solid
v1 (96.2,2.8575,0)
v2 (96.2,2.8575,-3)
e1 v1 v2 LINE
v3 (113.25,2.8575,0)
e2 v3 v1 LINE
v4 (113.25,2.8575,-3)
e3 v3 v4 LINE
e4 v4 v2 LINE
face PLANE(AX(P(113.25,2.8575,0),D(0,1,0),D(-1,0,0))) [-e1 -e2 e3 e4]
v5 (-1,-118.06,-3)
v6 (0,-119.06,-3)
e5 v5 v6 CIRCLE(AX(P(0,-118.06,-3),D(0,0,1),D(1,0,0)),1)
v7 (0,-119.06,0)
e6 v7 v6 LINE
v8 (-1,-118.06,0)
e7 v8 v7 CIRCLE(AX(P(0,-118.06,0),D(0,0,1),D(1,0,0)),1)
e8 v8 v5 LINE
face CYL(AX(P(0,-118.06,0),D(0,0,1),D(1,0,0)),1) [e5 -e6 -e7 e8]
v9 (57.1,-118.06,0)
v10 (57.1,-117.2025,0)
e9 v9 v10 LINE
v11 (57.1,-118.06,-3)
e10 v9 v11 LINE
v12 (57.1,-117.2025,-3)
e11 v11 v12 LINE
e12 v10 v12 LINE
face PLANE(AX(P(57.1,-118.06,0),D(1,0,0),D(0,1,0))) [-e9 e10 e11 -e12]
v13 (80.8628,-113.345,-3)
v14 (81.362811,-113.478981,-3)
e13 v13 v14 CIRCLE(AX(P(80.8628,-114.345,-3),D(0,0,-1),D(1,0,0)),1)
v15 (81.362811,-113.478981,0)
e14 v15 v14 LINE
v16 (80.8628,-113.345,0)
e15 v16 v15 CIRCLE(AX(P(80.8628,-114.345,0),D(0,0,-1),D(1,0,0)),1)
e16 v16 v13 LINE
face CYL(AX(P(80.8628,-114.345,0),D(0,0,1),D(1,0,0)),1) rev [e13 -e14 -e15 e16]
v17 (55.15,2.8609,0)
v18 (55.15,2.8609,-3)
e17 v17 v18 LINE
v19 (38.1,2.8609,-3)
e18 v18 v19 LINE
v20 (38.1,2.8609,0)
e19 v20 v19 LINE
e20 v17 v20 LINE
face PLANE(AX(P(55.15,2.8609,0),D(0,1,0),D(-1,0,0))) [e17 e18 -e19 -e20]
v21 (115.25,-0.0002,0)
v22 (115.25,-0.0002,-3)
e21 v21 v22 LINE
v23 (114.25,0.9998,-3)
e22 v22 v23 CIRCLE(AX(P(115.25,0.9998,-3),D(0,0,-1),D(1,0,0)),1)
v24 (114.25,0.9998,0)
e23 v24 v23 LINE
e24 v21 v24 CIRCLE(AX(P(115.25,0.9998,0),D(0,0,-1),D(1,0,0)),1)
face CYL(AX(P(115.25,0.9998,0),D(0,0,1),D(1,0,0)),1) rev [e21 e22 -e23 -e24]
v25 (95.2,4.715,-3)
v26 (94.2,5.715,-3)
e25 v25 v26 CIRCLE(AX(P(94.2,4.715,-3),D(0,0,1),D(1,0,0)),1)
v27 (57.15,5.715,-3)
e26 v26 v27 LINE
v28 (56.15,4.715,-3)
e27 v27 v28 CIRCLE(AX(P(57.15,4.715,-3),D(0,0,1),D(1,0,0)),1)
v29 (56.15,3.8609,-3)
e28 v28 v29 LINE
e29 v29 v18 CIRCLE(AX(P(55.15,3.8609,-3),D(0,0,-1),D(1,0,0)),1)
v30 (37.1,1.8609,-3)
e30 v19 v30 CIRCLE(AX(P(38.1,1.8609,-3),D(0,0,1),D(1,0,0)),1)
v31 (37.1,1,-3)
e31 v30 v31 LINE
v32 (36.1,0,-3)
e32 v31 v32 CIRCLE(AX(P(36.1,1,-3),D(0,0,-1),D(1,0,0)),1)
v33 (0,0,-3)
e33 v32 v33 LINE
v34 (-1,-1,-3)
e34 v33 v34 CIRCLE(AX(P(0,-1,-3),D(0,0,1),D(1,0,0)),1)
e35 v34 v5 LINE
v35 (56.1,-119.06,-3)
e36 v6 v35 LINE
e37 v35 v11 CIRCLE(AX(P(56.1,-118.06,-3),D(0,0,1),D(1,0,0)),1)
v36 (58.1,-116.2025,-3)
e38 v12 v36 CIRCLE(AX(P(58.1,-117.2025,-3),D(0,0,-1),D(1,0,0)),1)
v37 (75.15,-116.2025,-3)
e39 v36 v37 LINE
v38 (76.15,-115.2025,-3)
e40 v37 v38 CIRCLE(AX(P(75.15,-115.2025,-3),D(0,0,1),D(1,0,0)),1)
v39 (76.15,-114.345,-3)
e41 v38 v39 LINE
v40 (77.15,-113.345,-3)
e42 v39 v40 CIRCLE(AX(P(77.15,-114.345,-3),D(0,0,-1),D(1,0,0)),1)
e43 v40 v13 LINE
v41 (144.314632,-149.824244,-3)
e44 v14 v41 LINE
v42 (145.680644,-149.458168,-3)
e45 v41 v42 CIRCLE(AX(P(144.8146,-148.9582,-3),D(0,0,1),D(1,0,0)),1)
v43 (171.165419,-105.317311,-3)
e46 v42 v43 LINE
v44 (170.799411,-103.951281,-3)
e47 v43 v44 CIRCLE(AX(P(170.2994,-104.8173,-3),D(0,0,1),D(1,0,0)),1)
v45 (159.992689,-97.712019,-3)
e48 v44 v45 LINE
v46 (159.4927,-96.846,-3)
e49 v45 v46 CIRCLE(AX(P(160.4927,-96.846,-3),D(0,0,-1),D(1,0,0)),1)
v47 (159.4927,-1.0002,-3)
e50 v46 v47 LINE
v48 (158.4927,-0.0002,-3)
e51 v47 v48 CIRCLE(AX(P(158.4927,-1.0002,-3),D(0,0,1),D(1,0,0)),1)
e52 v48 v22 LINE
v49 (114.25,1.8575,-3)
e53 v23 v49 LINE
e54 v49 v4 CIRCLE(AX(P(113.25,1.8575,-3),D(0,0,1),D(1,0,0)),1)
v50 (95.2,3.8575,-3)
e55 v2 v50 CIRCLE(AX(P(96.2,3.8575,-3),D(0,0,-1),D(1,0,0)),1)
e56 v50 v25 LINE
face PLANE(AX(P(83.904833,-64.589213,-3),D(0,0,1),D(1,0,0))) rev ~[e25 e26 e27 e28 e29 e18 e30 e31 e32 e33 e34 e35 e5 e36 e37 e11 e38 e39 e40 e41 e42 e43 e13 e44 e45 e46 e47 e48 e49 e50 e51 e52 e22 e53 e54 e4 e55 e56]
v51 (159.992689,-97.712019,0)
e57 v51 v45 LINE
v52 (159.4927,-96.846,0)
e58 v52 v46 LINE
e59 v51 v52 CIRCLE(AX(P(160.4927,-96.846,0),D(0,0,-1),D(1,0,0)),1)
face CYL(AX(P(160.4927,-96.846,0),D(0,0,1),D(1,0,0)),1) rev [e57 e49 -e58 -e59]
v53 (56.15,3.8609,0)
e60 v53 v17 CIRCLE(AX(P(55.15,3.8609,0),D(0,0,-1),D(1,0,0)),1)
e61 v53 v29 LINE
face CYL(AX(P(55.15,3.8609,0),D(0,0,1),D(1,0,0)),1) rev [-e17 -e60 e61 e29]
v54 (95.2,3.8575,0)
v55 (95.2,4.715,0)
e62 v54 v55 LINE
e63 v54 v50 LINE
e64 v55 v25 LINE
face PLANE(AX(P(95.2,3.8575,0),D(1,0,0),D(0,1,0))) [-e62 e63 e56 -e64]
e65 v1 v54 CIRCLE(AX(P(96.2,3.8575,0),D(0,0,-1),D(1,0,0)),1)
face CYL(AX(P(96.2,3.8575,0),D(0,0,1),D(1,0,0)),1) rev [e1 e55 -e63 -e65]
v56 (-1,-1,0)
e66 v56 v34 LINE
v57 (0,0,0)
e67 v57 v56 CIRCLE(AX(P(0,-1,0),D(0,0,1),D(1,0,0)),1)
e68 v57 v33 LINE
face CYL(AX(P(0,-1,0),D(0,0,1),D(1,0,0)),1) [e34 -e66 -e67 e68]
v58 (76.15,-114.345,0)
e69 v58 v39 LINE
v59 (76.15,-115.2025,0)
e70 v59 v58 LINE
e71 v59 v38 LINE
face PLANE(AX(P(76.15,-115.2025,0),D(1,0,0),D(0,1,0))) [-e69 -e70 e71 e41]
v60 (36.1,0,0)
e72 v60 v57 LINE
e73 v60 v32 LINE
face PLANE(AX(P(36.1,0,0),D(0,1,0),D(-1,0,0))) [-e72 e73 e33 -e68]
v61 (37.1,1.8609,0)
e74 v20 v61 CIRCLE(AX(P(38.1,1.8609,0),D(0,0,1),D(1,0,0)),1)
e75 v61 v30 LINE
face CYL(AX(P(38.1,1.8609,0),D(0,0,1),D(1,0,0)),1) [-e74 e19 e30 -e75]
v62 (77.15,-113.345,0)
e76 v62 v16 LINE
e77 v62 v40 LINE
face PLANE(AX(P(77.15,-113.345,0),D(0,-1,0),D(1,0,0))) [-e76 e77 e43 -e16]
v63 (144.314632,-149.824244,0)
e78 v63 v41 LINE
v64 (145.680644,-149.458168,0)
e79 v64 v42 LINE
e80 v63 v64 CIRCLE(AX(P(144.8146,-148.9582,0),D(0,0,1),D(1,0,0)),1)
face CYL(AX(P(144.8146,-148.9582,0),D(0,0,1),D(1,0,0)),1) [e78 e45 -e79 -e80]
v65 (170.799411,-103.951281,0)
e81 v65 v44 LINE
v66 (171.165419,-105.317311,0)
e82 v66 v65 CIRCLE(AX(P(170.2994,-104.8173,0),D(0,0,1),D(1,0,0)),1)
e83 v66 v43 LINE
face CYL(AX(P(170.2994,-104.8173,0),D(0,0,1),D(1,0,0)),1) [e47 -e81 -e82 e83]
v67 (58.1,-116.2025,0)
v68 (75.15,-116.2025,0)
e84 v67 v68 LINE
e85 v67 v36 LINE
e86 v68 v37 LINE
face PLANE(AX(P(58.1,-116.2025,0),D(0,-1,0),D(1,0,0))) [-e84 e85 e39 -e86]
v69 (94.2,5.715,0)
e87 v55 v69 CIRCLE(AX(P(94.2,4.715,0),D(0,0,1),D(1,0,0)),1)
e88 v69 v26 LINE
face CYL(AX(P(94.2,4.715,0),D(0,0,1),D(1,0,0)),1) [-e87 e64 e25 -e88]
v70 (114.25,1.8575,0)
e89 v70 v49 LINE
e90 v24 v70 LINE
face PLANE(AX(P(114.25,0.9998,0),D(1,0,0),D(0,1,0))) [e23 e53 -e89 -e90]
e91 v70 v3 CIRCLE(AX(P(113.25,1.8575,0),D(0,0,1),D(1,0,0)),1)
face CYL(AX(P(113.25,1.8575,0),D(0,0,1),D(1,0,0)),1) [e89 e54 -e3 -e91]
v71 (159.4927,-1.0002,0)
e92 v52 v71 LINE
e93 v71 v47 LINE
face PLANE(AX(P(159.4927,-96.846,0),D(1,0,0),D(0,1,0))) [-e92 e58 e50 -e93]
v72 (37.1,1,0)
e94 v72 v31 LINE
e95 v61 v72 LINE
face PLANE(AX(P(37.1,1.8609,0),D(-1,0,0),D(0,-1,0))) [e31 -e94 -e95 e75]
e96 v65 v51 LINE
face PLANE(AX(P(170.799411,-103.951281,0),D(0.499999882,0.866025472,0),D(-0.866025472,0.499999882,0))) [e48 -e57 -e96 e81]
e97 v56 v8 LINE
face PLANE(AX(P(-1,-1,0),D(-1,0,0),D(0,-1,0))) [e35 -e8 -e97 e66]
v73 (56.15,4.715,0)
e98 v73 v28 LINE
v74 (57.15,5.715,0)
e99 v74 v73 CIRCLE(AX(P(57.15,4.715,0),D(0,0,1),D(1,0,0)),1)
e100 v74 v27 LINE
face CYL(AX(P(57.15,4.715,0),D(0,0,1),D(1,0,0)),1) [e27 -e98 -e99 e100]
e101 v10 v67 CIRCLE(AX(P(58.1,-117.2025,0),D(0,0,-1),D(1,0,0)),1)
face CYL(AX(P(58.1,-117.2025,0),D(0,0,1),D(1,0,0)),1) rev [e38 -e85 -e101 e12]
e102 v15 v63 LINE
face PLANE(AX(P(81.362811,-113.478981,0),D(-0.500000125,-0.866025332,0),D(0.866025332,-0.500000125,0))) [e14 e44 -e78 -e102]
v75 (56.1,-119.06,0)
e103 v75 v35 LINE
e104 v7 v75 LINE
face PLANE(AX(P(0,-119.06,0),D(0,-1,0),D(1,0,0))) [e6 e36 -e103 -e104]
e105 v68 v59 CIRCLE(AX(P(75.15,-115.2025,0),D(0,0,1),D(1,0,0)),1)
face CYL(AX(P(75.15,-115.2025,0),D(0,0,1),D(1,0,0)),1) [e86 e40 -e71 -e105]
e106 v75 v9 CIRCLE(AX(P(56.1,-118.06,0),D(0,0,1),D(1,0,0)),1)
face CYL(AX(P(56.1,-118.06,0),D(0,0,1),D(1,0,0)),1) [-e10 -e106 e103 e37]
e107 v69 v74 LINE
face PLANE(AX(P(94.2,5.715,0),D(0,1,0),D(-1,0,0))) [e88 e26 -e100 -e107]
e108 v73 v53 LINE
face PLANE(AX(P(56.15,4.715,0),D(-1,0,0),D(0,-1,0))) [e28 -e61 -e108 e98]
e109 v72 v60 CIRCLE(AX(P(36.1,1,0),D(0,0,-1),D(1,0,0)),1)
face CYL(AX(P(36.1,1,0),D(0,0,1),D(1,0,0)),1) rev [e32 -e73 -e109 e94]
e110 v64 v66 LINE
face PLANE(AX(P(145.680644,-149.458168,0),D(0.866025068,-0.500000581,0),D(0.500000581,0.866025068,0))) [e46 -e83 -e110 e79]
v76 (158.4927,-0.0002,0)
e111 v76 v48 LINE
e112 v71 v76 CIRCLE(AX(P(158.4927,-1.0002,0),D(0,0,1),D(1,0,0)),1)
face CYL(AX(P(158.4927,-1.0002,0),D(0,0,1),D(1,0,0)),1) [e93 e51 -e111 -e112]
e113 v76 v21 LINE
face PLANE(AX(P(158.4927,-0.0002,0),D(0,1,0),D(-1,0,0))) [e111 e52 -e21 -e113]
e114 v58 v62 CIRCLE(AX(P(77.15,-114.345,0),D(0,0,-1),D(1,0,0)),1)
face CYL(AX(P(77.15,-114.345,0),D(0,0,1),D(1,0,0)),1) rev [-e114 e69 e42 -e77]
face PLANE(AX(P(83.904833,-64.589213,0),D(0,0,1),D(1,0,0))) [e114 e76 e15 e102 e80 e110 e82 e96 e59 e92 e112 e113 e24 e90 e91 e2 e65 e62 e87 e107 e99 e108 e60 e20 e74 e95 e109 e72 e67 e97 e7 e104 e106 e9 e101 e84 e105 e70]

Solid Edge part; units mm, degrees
sketch "Sketch1" plane through (9.0161, -6.1697, 0) normal (0, 0, 1) x (1, 0, 0)
  line L0 (-10.0161, 5.1697) -> (-10.0161, -111.8903)
  arc A0 (-10.0161, -111.8903) -> (-9.0161, -112.8903) centre (-9.0161, -111.8903) ccw
  line L1 (-9.0161, -112.8903) -> (47.0839, -112.8903)
  arc A1 (47.0839, -112.8903) -> (48.0839, -111.8903) centre (47.0839, -111.8903) ccw
  line L2 (48.0839, -111.8903) -> (48.0839, -111.0328)
  arc A2 (48.0839, -111.0328) -> (49.0839, -110.0328) centre (49.0839, -111.0328) cw
  line L3 (49.0839, -110.0328) -> (66.1339, -110.0328)
  arc A3 (66.1339, -110.0328) -> (67.1339, -109.0328) centre (66.1339, -109.0328) ccw
  line L4 (67.1339, -109.0328) -> (67.1339, -108.1753)
  arc A4 (67.1339, -108.1753) -> (68.1339, -107.1753) centre (68.1339, -108.1753) cw
  line L5 (68.1339, -107.1753) -> (71.8467, -107.1753)
  arc A5 (71.8467, -107.1753) -> (72.3467, -107.3093) centre (71.8467, -108.1753) cw
  line L6 (72.3467, -107.3093) -> (135.2985, -143.6546)
  arc A6 (135.2985, -143.6546) -> (136.6646, -143.2885) centre (135.7985, -142.7885) ccw
  line L7 (136.6646, -143.2885) -> (162.1493, -99.1476)
  arc A7 (162.1493, -99.1476) -> (161.7833, -97.7816) centre (161.2833, -98.6476) ccw
  line L8 (161.7833, -97.7816) -> (150.9766, -91.5423)
  arc A8 (150.9766, -91.5423) -> (150.4766, -90.6763) centre (151.4766, -90.6763) cw
  line L9 (150.4766, -90.6763) -> (150.4766, 5.1695)
  arc A9 (150.4766, 5.1695) -> (149.4766, 6.1695) centre (149.4766, 5.1695) ccw
  line L10 (149.4766, 6.1695) -> (106.2339, 6.1695)
  arc A10 (106.2339, 6.1695) -> (105.2339, 7.1695) centre (106.2339, 7.1695) cw
  line L11 (105.2339, 7.1695) -> (105.2339, 8.0272)
  arc A11 (105.2339, 8.0272) -> (104.2339, 9.0272) centre (104.2339, 8.0272) ccw
  line L12 (104.2339, 9.0272) -> (87.1839, 9.0272)
  arc A12 (87.1839, 9.0272) -> (86.1839, 10.0272) centre (87.1839, 10.0272) cw
  line L13 (86.1839, 10.0272) -> (86.1839, 10.8847)
  arc A13 (86.1839, 10.8847) -> (85.1839, 11.8847) centre (85.1839, 10.8847) ccw
  line L14 (85.1839, 11.8847) -> (48.1339, 11.8847)
  arc A14 (48.1339, 11.8847) -> (47.1339, 10.8847) centre (48.1339, 10.8847) ccw
  line L15 (47.1339, 10.8847) -> (47.1339, 10.0306)
  arc A15 (47.1339, 10.0306) -> (46.1339, 9.0306) centre (46.1339, 10.0306) cw
  line L16 (46.1339, 9.0306) -> (29.0839, 9.0306)
  arc A16 (29.0839, 9.0306) -> (28.0839, 8.0306) centre (29.0839, 8.0306) ccw
  line L17 (28.0839, 8.0306) -> (28.0839, 7.1697)
  arc A17 (28.0839, 7.1697) -> (27.0839, 6.1697) centre (27.0839, 7.1697) cw
  line L18 (27.0839, 6.1697) -> (-9.0161, 6.1697)
  arc A18 (-9.0161, 6.1697) -> (-10.0161, 5.1697) centre (-9.0161, 5.1697) ccw
extrude "Protrusion1" add sketch "Sketch1" against normal blind 3
properties material "ABS Plastic, high impact"
